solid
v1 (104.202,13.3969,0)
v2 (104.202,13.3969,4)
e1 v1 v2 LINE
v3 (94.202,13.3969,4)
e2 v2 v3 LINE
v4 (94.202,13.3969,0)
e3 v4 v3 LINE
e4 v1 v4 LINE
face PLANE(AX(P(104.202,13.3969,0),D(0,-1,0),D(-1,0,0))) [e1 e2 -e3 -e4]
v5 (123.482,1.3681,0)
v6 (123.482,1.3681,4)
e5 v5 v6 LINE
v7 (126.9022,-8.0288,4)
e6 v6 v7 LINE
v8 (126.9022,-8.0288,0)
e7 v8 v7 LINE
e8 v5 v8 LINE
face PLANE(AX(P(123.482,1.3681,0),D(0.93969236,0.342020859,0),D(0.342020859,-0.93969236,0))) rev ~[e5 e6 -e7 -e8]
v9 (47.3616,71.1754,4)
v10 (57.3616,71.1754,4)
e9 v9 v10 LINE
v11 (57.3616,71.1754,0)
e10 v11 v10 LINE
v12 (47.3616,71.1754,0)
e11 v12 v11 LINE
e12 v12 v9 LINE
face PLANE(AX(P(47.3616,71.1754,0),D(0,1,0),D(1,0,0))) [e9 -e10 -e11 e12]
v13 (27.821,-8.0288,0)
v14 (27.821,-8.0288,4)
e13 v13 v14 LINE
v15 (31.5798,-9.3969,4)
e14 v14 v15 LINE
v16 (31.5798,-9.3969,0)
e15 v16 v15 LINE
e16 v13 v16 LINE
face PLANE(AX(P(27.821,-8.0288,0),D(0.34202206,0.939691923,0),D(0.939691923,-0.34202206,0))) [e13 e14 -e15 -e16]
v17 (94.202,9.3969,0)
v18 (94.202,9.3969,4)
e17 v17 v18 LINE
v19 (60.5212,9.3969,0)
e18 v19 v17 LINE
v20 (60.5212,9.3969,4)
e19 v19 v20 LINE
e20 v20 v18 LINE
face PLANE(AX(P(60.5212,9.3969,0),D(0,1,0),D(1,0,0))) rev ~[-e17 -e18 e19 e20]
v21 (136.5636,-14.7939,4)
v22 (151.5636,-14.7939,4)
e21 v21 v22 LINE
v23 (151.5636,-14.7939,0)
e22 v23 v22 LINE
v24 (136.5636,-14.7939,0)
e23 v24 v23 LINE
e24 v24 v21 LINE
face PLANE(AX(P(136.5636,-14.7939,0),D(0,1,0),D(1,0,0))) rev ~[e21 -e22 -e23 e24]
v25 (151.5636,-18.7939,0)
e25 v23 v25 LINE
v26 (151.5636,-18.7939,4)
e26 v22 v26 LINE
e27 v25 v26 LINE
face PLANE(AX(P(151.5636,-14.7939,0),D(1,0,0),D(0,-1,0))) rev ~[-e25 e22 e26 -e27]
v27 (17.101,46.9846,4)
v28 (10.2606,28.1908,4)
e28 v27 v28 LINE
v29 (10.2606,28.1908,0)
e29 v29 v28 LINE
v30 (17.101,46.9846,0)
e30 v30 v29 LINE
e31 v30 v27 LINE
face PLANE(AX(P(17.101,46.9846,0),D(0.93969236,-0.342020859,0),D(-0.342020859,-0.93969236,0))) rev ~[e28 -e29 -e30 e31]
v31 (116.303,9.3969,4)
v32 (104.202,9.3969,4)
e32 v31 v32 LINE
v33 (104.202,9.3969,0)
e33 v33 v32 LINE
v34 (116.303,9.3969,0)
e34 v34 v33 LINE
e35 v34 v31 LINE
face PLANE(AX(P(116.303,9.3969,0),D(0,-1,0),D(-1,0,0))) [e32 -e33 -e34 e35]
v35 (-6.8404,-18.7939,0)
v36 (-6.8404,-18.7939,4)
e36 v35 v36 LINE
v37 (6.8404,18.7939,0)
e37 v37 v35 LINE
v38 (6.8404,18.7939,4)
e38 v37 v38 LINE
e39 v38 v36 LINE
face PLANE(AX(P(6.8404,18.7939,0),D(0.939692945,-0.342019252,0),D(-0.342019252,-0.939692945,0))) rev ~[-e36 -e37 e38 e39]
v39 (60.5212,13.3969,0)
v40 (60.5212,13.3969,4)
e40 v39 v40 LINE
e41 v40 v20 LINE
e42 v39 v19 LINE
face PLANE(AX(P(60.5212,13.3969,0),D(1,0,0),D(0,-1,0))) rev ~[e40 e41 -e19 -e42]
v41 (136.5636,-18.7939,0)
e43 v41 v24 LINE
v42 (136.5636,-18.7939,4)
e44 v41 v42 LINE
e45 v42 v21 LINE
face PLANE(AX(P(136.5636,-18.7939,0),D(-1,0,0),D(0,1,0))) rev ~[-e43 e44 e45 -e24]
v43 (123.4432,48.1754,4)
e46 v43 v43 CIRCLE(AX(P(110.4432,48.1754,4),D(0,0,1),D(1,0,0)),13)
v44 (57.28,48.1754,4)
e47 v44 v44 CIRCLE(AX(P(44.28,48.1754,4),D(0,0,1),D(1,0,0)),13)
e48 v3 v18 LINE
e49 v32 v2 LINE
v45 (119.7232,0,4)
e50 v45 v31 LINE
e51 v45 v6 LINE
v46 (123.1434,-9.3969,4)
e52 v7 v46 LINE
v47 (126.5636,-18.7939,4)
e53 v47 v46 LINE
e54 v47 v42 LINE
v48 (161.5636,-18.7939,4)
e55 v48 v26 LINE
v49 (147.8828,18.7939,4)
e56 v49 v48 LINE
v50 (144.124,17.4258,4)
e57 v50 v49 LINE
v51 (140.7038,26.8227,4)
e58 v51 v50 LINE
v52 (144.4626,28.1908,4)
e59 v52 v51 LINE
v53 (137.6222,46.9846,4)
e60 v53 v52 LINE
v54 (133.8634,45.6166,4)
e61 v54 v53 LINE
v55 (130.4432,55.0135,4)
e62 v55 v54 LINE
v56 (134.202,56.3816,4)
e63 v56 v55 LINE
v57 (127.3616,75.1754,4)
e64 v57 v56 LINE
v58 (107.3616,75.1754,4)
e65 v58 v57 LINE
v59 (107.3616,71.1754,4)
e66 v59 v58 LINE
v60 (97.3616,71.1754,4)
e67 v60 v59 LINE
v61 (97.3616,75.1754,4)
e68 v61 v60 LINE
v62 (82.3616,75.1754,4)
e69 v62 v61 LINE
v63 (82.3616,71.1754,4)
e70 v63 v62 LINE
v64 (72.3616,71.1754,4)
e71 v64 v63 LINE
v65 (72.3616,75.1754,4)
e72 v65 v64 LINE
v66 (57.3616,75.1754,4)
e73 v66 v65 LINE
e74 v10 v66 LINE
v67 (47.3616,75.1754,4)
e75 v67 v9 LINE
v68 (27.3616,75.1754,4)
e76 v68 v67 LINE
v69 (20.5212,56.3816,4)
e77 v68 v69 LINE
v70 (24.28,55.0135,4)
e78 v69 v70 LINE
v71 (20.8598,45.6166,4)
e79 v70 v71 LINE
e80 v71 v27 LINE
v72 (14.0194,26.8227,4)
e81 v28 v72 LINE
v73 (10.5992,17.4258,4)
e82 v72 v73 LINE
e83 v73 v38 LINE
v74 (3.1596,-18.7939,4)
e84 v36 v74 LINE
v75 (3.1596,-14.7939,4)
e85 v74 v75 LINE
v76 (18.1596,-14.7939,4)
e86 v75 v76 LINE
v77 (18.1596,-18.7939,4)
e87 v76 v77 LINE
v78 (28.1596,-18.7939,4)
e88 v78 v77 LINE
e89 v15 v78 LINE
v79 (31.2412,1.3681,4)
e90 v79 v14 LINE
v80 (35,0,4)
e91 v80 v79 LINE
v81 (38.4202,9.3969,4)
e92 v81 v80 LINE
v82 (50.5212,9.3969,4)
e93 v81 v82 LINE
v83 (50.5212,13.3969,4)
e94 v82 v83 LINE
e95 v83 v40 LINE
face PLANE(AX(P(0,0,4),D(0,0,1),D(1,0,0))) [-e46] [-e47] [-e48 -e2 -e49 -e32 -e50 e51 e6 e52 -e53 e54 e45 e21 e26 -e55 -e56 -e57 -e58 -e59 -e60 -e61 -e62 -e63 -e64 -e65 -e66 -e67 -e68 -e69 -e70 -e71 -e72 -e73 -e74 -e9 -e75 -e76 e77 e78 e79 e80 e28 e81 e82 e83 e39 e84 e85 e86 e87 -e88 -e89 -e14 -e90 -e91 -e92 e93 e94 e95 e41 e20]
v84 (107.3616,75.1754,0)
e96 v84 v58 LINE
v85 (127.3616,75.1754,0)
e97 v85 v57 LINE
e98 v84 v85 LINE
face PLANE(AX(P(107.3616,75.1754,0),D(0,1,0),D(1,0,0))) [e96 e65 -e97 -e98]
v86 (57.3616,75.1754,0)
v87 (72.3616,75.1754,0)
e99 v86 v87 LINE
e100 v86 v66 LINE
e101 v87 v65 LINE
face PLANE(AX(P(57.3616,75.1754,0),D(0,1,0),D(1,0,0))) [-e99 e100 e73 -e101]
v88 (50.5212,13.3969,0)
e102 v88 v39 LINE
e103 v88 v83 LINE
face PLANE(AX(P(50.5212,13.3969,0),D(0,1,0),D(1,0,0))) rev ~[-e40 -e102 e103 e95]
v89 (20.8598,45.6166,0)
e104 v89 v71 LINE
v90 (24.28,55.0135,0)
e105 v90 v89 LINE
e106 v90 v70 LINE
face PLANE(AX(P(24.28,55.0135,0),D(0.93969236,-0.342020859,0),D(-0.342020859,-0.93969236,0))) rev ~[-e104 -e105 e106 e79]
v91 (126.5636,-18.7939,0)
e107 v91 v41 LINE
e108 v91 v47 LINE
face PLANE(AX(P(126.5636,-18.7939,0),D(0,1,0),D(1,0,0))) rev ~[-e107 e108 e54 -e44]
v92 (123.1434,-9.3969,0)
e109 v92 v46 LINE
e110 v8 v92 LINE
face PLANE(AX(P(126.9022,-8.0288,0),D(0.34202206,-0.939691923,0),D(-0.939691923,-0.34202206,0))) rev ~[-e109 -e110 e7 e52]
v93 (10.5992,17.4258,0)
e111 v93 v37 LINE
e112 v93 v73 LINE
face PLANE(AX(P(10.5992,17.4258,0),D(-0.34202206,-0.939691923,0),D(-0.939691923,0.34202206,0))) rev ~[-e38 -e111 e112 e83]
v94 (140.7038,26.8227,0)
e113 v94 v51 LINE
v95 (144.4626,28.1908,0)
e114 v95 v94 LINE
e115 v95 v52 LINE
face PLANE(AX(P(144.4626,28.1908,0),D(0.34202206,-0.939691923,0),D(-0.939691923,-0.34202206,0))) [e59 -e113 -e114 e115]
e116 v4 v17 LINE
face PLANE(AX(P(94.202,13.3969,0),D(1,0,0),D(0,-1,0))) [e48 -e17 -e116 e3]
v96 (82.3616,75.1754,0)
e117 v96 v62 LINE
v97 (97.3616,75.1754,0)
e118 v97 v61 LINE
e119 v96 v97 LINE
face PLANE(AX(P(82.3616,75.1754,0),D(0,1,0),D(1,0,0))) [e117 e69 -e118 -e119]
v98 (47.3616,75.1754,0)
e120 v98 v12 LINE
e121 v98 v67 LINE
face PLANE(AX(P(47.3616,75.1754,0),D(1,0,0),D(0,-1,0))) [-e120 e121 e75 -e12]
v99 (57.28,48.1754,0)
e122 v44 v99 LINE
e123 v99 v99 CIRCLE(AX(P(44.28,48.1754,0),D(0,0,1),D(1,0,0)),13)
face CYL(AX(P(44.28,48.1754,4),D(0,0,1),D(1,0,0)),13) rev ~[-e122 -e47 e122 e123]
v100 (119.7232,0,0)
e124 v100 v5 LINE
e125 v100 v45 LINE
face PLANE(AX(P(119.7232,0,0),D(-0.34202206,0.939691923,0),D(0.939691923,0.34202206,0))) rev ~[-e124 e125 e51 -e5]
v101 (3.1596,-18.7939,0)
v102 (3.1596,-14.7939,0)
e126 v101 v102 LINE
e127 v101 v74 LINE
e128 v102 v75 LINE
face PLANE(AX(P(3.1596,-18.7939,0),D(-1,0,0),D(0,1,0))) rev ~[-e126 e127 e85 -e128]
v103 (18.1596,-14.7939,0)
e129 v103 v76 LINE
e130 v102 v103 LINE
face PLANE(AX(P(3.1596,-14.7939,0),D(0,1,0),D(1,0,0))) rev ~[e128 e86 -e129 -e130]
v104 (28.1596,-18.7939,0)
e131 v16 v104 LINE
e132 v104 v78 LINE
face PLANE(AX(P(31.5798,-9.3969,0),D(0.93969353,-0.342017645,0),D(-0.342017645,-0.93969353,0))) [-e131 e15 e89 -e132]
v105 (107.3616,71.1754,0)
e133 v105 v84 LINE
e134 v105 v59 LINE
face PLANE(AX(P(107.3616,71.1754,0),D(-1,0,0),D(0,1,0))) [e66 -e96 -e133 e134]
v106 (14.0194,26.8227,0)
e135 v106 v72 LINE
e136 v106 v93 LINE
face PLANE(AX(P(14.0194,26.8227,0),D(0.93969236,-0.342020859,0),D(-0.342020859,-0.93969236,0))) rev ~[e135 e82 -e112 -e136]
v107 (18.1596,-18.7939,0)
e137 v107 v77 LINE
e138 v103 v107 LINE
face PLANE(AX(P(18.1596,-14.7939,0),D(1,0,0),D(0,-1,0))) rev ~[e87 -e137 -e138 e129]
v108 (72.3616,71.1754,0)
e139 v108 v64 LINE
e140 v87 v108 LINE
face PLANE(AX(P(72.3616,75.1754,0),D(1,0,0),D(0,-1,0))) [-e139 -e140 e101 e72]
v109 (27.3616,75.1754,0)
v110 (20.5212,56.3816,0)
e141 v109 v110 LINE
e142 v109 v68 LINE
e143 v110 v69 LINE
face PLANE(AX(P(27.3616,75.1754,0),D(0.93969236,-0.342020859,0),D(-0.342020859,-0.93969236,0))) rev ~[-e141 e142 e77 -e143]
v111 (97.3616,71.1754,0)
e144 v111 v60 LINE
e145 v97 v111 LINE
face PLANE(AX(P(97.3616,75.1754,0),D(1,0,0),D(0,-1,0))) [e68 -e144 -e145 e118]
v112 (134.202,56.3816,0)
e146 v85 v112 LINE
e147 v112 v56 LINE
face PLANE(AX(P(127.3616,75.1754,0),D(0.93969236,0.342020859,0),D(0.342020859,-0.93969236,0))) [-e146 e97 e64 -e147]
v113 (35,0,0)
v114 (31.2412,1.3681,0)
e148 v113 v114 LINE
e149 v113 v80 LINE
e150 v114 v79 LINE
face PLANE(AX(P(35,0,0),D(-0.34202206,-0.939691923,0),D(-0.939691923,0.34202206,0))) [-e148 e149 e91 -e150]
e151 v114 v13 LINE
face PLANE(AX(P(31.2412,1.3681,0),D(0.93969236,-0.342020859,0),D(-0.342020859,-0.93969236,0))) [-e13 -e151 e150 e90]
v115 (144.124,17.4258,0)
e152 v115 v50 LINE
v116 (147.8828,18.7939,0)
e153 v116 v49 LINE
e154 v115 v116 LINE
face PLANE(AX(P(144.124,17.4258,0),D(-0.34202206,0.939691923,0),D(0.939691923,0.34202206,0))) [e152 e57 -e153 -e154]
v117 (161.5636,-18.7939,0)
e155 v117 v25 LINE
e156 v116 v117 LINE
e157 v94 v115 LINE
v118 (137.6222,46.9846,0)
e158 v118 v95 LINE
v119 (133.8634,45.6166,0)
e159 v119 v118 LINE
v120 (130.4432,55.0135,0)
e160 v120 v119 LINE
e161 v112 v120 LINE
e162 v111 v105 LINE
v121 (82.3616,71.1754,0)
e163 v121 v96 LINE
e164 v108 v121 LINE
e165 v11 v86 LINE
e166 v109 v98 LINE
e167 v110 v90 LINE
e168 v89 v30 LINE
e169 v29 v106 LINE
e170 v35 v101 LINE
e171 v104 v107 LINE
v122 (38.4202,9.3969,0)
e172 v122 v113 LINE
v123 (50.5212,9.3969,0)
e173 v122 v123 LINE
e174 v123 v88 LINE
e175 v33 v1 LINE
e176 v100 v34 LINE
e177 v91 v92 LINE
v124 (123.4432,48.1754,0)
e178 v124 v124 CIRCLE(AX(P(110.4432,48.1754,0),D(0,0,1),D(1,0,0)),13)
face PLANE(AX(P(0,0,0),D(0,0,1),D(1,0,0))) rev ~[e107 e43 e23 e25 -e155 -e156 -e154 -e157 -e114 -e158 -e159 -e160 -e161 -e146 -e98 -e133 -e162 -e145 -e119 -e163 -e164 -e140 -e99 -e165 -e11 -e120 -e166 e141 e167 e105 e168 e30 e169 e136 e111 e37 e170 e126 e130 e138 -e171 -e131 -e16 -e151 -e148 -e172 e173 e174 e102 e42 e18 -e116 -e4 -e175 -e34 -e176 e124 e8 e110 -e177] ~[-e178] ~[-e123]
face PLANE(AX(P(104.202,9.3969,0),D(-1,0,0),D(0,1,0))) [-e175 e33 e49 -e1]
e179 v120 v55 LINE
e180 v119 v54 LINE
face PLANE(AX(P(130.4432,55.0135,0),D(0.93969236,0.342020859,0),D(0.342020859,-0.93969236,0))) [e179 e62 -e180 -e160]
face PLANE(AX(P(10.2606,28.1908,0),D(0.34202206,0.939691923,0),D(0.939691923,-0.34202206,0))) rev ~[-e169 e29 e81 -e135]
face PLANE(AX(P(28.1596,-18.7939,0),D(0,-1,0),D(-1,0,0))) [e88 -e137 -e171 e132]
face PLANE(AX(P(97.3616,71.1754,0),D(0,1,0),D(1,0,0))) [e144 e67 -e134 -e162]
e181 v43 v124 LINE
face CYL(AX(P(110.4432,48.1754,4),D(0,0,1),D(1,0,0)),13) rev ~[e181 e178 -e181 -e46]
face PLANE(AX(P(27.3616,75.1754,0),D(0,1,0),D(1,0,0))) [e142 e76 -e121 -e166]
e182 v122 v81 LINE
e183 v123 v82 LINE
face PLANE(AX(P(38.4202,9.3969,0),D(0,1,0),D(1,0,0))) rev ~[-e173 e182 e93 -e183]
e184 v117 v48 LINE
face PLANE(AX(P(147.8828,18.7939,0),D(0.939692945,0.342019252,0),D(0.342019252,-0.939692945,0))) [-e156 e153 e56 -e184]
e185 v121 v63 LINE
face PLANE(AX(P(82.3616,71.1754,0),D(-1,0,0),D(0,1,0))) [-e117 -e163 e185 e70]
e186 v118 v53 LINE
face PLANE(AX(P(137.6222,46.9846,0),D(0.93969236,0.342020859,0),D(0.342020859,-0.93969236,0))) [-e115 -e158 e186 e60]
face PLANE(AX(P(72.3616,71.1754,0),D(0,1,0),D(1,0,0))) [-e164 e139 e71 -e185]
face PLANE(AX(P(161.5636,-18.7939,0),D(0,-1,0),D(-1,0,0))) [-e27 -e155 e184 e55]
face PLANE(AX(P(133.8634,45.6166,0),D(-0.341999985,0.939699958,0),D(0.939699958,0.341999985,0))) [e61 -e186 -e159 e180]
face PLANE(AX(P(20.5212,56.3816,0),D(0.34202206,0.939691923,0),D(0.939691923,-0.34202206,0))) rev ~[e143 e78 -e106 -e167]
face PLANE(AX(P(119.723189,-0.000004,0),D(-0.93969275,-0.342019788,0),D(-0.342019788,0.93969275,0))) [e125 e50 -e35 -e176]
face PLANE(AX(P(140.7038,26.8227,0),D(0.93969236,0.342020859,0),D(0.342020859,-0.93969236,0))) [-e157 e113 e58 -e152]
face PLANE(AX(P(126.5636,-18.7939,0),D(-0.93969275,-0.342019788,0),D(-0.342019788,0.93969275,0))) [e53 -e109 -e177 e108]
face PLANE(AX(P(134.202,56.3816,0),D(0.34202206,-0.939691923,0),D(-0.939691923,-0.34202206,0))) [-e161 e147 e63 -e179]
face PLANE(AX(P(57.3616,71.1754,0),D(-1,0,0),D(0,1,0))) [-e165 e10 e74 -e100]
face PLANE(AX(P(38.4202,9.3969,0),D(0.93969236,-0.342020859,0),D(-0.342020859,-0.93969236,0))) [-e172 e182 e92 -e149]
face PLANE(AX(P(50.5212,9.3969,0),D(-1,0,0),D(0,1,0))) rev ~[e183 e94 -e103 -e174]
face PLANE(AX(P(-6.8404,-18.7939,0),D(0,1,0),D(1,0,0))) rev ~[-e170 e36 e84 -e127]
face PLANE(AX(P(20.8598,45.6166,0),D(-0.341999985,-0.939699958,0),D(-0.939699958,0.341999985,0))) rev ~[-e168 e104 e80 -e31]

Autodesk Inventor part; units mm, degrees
ref_plane "YZ Plane" through (0, 0, 0) normal (1, 0, 0) x (0, 1, 0)
ref_plane "XZ Plane" through (0, 0, 0) normal (0, 1, 0) x (-1, 0, 0)
ref_plane "XY Plane" through (0, 0, 0) normal (0, 0, 1) x (1, 0, 0)
sketch "Sketch1" plane through (0, 0, 0) normal (0, 0, 1) x (1, 0, 0)
  line L0 (-6.8404, -18.7939) -> (73.1596, -18.7939) construction
  line L1 (126.5636, -18.7939) -> (116.303, 9.3969)
  line L2 (27.3616, 75.1754) -> (20.5212, 56.3816)
  line L3 (20.5212, 56.3816) -> (24.28, 55.0135)
  line L4 (24.28, 55.0135) -> (20.8598, 45.6166)
  line L5 (20.8598, 45.6166) -> (17.101, 46.9846)
  line L6 (17.101, 46.9846) -> (10.2606, 28.1908)
  line L7 (10.2606, 28.1908) -> (14.0194, 26.8227)
  line L8 (14.0194, 26.8227) -> (10.5992, 17.4258)
  line L9 (10.5992, 17.4258) -> (6.8404, 18.7939)
  line L10 (6.8404, 18.7939) -> (-6.8404, -18.7939)
  line L11 (27.3616, 75.1754) -> (47.3616, 75.1754)
  line L12 (47.3616, 75.1754) -> (47.3616, 71.1754)
  line L13 (47.3616, 71.1754) -> (57.3616, 71.1754)
  line L14 (57.3616, 71.1754) -> (57.3616, 75.1754)
  line L15 (57.3616, 75.1754) -> (72.3616, 75.1754)
  line L16 (72.3616, 75.1754) -> (72.3616, 71.1754)
  line L17 (72.3616, 71.1754) -> (82.3616, 71.1754)
  line L18 (82.3616, 71.1754) -> (82.3616, 75.1754)
  line L19 (82.3616, 75.1754) -> (97.3616, 75.1754)
  line L20 (97.3616, 75.1754) -> (97.3616, 71.1754)
  line L21 (97.3616, 71.1754) -> (107.3616, 71.1754)
  line L22 (107.3616, 71.1754) -> (107.3616, 75.1754)
  line L23 (107.3616, 75.1754) -> (127.3616, 75.1754)
  line L24 (-6.8404, -18.7939) -> (3.1596, -18.7939)
  line L25 (3.1596, -18.7939) -> (3.1596, -14.7939)
  line L26 (3.1596, -14.7939) -> (18.1596, -14.7939)
  line L27 (18.1596, -14.7939) -> (18.1596, -18.7939)
  line L28 (28.1596, -18.7939) -> (18.1596, -18.7939)
  line L29 (38.4202, 9.3969) -> (35, 0)
  line L30 (35, 0) -> (31.2412, 1.3681)
  line L31 (31.2412, 1.3681) -> (27.821, -8.0288)
  line L32 (27.821, -8.0288) -> (31.5798, -9.3969)
  line L33 (31.5798, -9.3969) -> (28.1596, -18.7939)
  line L34 (38.4202, 9.3969) -> (50.5212, 9.3969)
  line L35 (50.5212, 9.3969) -> (50.5212, 13.3969)
  line L36 (50.5212, 13.3969) -> (60.5212, 13.3969)
  line L37 (60.5212, 13.3969) -> (60.5212, 9.3969)
  line L38 (116.303, 9.3969) -> (104.202, 9.3969)
  line L39 (104.202, 9.3969) -> (104.202, 13.3969)
  line L40 (104.202, 13.3969) -> (94.202, 13.3969)
  line L41 (94.202, 13.3969) -> (94.202, 9.3969)
  line L42 (60.5212, 9.3969) -> (94.202, 9.3969)
  line L43 (116.303, 9.3969) -> (119.7232, 0)
  line L44 (119.7232, 0) -> (123.482, 1.3681)
  line L45 (123.482, 1.3681) -> (126.9022, -8.0288)
  line L46 (126.9022, -8.0288) -> (123.1434, -9.3969)
  line L47 (123.1434, -9.3969) -> (126.5636, -18.7939)
  line L48 (126.5636, -18.7939) -> (136.5636, -18.7939)
  line L49 (136.5636, -18.7939) -> (136.5636, -14.7939)
  line L50 (136.5636, -14.7939) -> (151.5636, -14.7939)
  line L51 (151.5636, -14.7939) -> (151.5636, -18.7939)
  line L52 (161.5636, -18.7939) -> (151.5636, -18.7939)
  line L53 (127.3616, 75.1754) -> (134.202, 56.3816)
  line L54 (134.202, 56.3816) -> (130.4432, 55.0135)
  line L55 (130.4432, 55.0135) -> (133.8634, 45.6166)
  line L56 (133.8634, 45.6166) -> (137.6222, 46.9846)
  line L57 (137.6222, 46.9846) -> (144.4626, 28.1908)
  line L58 (144.4626, 28.1908) -> (140.7038, 26.8227)
  line L59 (140.7038, 26.8227) -> (144.124, 17.4258)
  line L60 (144.124, 17.4258) -> (147.8828, 18.7939)
  line L61 (147.8828, 18.7939) -> (161.5636, -18.7939)
  dimension "d22" = 100
  dimension "d24" = 100
  dimension "d27" = 35
  dimension "d28" = 30
  dimension "d29" = 35
  dimension "d30" = 30
  dimension "d32" = 20
  dimension "d33" = 4
  dimension "d34" = 10
  dimension "d35" = 20
  dimension "d36" = 10
  dimension "d37" = 20
  dimension "d38" = 4
  dimension "d39" = 10
  dimension "d40" = 15
  dimension "d41" = 10
  dimension "d42" = 15
  dimension "d43" = 10
  dimension "d49" = 10
  dimension "d50" = 4
  dimension "d51" = 15
  dimension "d52" = 10
  dimension "d53" = 4
  dimension "d54" = 10
  dimension "d55" = 12.101
  dimension "d56" = 4
  dimension "d57" = 10
  dimension "d58" = 12.101
  dimension "d59" = 10
  dimension "d60" = 10
  dimension "d62" = 10
  dimension "d63" = 10
  dimension "d64" = 4
  dimension "d65" = 15
  dimension "d68" = 20
  dimension "d69" = 4
  dimension "d70" = 10
  dimension "d71" = 20
  dimension "d72" = 4
  dimension "d73" = 10
extrude "Extrusion1" add sketch "Sketch1" along normal blind 4 contours L1 L46 L45 L44 L38 L39 L40 L41 L42 L37 L36 L35 L34 L29 L30 L31 L32 L33 L28 L27 L26 L25 L24 L10 L9 L8 L7 L6 L5 L4 L3 L2 L11 L12 L13 L14 L15 L16 L17 L18 L19 L20 L21 L22 L23 L53 L54 L55 L56 L57 L58 L59 L60 L61 L52 L51 L50 L49 L48
sketch "Sketch2" plane through (0, 0, 4) normal (0, 0, 1) x (1, 0, 0)
  line L0 (60.5212, 9.3969) -> (94.202, 9.3969) projected
  line L1 (77.3616, 9.3969) -> (77.3616, 71.1754)
  line L2 (82.3616, 71.1754) -> (72.3616, 71.1754) projected
  line L3 (107.3616, 71.1754) -> (97.3616, 71.1754) projected
  line L4 (-6.8404, -18.7939) -> (3.1596, -18.7939) projected
  line L5 (3.1596, -18.7939) -> (3.1596, -14.7939) projected
  line L6 (3.1596, -14.7939) -> (18.1596, -14.7939) projected
  line L7 (18.1596, -14.7939) -> (18.1596, -18.7939) projected
  line L8 (18.1596, -18.7939) -> (28.1596, -18.7939) projected
  line L9 (28.1596, -18.7939) -> (31.5798, -9.3969) projected
  line L10 (31.5798, -9.3969) -> (27.821, -8.0288) projected
  line L11 (27.821, -8.0288) -> (31.2412, 1.3681) projected
  line L12 (31.2412, 1.3681) -> (35, 0) projected
  line L13 (35, 0) -> (38.4202, 9.3969) projected
  line L14 (38.4202, 9.3969) -> (50.5212, 9.3969) projected
  line L15 (50.5212, 9.3969) -> (50.5212, 13.3969) projected
  line L16 (50.5212, 13.3969) -> (60.5212, 13.3969) projected
  line L17 (60.5212, 13.3969) -> (60.5212, 9.3969) projected
  line L18 (60.5212, 9.3969) -> (94.202, 9.3969) projected
  line L19 (94.202, 9.3969) -> (94.202, 13.3969) projected
  line L20 (94.202, 13.3969) -> (104.202, 13.3969) projected
  line L21 (104.202, 13.3969) -> (104.202, 9.3969) projected
  line L22 (104.202, 9.3969) -> (116.303, 9.3969) projected
  line L23 (116.303, 9.3969) -> (119.7232, 0) projected
  line L24 (119.7232, 0) -> (123.482, 1.3681) projected
  line L25 (123.482, 1.3681) -> (126.9022, -8.0288) projected
  line L26 (126.9022, -8.0288) -> (123.1434, -9.3969) projected
  line L27 (123.1434, -9.3969) -> (126.5636, -18.7939) projected
  line L28 (126.5636, -18.7939) -> (136.5636, -18.7939) projected
  line L29 (136.5636, -18.7939) -> (136.5636, -14.7939) projected
  line L30 (136.5636, -14.7939) -> (151.5636, -14.7939) projected
  line L31 (151.5636, -14.7939) -> (151.5636, -18.7939) projected
  line L32 (151.5636, -18.7939) -> (161.5636, -18.7939) projected
  line L33 (161.5636, -18.7939) -> (147.8828, 18.7939) projected
  line L34 (147.8828, 18.7939) -> (144.124, 17.4258) projected
  line L35 (144.124, 17.4258) -> (140.7038, 26.8227) projected
  line L36 (140.7038, 26.8227) -> (144.4626, 28.1908) projected
  line L37 (144.4626, 28.1908) -> (137.6222, 46.9846) projected
  line L38 (137.6222, 46.9846) -> (133.8634, 45.6166) projected
  line L39 (133.8634, 45.6166) -> (130.4432, 55.0135) projected
  line L40 (130.4432, 55.0135) -> (134.202, 56.3816) projected
  line L41 (134.202, 56.3816) -> (127.3616, 75.1754) projected
  line L42 (127.3616, 75.1754) -> (107.3616, 75.1754) projected
  line L43 (107.3616, 75.1754) -> (107.3616, 71.1754) projected
  line L44 (107.3616, 71.1754) -> (97.3616, 71.1754) projected
  line L45 (97.3616, 71.1754) -> (97.3616, 75.1754) projected
  line L46 (97.3616, 75.1754) -> (82.3616, 75.1754) projected
  line L47 (82.3616, 75.1754) -> (82.3616, 71.1754) projected
  line L48 (82.3616, 71.1754) -> (72.3616, 71.1754) projected
  line L49 (72.3616, 71.1754) -> (72.3616, 75.1754) projected
  line L50 (72.3616, 75.1754) -> (57.3616, 75.1754) projected
  line L51 (57.3616, 75.1754) -> (57.3616, 71.1754) projected
  line L52 (57.3616, 71.1754) -> (47.3616, 71.1754) projected
  line L53 (47.3616, 71.1754) -> (47.3616, 75.1754) projected
  line L54 (47.3616, 75.1754) -> (27.3616, 75.1754) projected
  line L55 (27.3616, 75.1754) -> (20.5212, 56.3816) projected
  line L56 (20.5212, 56.3816) -> (24.28, 55.0135) projected
  line L57 (24.28, 55.0135) -> (20.8598, 45.6166) projected
  line L58 (20.8598, 45.6166) -> (17.101, 46.9846) projected
  line L59 (17.101, 46.9846) -> (10.2606, 28.1908) projected
  line L60 (10.2606, 28.1908) -> (14.0194, 26.8227) projected
  line L61 (14.0194, 26.8227) -> (10.5992, 17.4258) projected
  line L62 (10.5992, 17.4258) -> (6.8404, 18.7939) projected
  line L63 (6.8404, 18.7939) -> (-6.8404, -18.7939) projected
  line L64 (130.4432, 55.0135) -> (150.4432, 55.0135) construction
  circle A0 centre (110.4432, 48.1754) radius 13
  circle A1 centre (44.28, 48.1754) radius 13
  point P0 (0, 0)
  dimension "d82" = 26
extrude "Extrusion2" cut sketch "Sketch2" against normal through all contours A0 | A1
sketch "Sketch4" plane through (0, 0, 4) normal (0, 0, 1) x (1, 0, 0)
  line L0 (60.7564, 29.6397) -> (93.5623, 29.6397)
  line L1 (93.5623, 29.6397) -> (93.5623, 15.7178) construction
  line L2 (93.5623, 15.7178) -> (60.7564, 15.7178) construction
  line L3 (60.7564, 15.7178) -> (60.7564, 29.6397) construction
properties part number "back"
